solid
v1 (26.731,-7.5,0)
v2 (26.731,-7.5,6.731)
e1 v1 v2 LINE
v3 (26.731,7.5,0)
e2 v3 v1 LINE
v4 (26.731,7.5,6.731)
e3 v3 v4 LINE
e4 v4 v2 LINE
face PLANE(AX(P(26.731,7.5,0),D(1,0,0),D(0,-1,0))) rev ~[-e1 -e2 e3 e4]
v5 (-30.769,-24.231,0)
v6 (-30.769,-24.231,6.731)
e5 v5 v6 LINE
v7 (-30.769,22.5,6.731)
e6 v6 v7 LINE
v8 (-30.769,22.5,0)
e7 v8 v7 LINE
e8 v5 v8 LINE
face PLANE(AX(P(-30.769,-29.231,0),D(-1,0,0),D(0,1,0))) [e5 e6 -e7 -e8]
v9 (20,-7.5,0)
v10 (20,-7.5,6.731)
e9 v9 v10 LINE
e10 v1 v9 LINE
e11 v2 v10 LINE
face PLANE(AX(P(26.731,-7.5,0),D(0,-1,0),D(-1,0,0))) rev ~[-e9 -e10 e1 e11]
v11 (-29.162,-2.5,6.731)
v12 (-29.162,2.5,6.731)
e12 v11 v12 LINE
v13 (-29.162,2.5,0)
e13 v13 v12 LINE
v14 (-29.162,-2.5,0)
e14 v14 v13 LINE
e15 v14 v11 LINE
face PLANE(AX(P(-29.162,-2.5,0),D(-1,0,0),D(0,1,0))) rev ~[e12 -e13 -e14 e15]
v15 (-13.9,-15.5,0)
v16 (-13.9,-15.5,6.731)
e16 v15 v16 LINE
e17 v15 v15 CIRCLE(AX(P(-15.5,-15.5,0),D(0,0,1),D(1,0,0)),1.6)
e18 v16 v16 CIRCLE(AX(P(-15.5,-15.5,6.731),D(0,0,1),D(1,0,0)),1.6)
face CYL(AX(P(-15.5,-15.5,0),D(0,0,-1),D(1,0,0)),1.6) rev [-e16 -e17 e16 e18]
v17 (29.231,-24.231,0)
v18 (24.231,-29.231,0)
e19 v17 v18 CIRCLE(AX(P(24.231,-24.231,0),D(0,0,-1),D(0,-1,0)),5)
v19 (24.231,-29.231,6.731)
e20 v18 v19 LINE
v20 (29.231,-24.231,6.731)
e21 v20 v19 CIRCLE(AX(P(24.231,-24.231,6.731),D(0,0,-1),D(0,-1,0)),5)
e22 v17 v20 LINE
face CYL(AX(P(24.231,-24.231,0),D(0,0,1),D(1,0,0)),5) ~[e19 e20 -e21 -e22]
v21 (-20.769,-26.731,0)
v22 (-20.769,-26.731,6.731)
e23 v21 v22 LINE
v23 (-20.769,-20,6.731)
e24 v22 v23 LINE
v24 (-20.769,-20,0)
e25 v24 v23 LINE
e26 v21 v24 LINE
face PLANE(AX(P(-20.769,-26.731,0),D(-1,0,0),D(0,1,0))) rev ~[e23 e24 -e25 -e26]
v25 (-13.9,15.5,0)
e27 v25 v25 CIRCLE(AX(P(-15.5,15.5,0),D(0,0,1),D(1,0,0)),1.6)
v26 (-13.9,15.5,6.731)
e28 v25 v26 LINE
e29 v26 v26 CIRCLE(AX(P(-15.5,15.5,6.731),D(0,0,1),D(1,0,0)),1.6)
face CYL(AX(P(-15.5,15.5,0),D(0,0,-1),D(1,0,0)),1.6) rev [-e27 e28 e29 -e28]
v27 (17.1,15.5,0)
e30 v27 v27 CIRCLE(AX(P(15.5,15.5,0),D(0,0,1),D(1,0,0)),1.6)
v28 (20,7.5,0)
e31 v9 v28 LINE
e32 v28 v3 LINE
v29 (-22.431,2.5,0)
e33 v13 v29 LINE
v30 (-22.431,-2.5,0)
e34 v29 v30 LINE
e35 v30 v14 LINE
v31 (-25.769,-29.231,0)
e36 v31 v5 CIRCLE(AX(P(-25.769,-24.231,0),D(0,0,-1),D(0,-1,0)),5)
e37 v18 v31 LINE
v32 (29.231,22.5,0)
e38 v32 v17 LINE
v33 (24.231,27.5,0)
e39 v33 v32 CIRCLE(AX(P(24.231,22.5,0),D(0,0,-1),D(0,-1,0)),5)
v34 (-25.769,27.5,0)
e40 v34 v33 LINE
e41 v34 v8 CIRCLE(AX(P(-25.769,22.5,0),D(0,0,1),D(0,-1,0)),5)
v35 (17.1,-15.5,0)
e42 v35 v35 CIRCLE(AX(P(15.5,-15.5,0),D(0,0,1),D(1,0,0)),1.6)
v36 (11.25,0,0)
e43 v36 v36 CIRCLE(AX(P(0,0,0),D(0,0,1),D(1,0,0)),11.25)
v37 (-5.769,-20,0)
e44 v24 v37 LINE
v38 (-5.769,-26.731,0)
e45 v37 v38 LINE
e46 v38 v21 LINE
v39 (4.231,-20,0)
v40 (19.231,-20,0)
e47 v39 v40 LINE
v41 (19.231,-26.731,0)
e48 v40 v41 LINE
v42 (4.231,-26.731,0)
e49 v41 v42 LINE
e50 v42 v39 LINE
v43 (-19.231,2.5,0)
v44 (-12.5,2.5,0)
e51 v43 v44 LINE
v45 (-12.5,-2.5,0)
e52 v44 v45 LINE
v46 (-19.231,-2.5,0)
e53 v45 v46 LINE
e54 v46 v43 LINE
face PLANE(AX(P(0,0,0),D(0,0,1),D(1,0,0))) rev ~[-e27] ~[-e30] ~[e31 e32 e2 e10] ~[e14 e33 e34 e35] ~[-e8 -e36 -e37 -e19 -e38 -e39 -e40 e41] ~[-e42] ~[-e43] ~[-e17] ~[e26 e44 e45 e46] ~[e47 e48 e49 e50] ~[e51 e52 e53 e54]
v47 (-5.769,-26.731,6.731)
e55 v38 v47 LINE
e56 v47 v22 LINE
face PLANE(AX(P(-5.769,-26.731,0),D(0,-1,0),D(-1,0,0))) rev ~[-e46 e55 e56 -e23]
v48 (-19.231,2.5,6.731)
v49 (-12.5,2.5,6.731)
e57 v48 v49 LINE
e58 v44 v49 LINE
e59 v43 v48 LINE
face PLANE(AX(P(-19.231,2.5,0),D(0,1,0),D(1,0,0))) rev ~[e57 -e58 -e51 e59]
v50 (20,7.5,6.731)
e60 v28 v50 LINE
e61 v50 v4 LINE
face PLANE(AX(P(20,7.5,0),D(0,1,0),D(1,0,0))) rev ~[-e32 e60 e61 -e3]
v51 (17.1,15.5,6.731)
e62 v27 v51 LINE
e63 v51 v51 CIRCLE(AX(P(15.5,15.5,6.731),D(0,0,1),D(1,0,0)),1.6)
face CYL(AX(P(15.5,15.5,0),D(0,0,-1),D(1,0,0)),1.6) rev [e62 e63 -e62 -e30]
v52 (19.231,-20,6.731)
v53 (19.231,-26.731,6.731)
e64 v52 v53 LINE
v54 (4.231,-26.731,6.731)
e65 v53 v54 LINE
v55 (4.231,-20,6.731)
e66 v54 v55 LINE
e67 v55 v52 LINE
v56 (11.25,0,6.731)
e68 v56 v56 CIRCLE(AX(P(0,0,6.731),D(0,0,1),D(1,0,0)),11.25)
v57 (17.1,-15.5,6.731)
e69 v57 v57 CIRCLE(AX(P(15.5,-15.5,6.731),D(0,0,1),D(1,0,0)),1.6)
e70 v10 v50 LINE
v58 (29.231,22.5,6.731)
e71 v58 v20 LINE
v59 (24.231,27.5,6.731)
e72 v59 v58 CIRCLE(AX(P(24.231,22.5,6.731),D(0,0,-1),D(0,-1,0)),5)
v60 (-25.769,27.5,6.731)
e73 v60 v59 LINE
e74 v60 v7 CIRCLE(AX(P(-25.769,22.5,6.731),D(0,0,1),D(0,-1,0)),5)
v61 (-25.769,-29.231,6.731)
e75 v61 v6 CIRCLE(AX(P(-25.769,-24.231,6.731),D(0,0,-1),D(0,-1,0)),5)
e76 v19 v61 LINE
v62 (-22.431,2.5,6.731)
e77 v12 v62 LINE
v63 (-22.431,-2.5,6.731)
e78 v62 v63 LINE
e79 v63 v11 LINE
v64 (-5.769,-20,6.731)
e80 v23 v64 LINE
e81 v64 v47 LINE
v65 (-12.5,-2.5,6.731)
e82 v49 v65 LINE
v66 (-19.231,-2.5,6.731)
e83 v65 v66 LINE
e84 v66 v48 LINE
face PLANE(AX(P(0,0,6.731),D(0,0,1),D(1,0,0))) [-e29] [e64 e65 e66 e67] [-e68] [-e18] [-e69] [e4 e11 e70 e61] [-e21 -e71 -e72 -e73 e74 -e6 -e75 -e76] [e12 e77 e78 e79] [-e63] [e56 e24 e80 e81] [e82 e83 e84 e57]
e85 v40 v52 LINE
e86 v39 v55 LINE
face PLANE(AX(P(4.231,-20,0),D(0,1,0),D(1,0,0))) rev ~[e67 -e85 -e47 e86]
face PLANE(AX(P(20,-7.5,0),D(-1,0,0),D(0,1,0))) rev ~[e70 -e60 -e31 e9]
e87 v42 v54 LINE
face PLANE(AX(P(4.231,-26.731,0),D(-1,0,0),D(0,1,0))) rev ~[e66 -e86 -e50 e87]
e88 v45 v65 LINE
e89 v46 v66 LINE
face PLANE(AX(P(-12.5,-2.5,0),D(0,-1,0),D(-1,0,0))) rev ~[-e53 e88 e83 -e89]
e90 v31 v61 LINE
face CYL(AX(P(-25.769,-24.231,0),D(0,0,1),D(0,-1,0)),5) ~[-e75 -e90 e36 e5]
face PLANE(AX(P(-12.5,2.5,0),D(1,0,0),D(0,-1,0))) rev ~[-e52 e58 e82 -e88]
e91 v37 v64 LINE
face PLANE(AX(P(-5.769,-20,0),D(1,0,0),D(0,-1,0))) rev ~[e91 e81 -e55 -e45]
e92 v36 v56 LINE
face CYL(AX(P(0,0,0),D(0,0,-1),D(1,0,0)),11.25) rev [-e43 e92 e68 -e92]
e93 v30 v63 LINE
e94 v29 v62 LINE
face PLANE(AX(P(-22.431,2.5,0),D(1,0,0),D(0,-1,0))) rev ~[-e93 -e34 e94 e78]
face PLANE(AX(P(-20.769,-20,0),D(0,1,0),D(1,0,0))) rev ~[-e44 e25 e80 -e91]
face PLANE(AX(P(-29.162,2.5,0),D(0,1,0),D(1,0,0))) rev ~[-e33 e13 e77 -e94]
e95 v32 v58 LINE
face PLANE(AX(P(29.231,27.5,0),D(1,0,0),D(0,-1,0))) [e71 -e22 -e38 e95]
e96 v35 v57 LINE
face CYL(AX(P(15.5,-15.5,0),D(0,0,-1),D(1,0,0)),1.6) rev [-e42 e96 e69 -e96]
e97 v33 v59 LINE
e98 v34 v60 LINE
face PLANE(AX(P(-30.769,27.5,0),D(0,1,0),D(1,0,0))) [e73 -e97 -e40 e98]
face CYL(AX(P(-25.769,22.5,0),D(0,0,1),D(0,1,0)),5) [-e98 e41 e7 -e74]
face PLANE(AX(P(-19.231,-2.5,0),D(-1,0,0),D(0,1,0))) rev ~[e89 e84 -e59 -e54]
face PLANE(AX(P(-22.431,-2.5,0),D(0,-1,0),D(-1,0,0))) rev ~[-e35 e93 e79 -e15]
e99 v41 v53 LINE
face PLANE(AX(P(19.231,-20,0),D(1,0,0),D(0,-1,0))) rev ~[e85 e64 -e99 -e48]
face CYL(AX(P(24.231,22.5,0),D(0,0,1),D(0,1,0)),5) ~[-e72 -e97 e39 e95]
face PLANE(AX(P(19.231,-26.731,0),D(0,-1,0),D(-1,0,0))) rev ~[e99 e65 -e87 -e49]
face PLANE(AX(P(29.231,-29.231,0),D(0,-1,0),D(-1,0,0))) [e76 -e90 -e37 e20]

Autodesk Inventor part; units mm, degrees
ref_plane "YZ Plane" through (0, 0, 0) normal (1, 0, 0) x (0, 1, 0)
ref_plane "XZ Plane" through (0, 0, 0) normal (0, 1, 0) x (-1, 0, 0)
ref_plane "XY Plane" through (0, 0, 0) normal (0, 0, 1) x (1, 0, 0)
sketch "Sketch1" plane through (0, 0, 0) normal (0, 0, 1) x (1, 0, 0)
  circle A0 centre (0, 0) radius 11.25
  circle A1 centre (-15.5, 15.5) radius 1.6
  circle A2 centre (15.5, 15.5) radius 1.6
  circle A3 centre (15.5, -15.5) radius 1.6
  circle A4 centre (-15.5, -15.5) radius 1.6
  line L0 (-19.231, 2.5) -> (-12.5, 2.5)
  line L1 (-12.5, 2.5) -> (-12.5, -2.5)
  line L2 (-12.5, -2.5) -> (-19.231, -2.5)
  line L3 (-19.231, -2.5) -> (-19.231, 2.5)
  line L4 (20, 7.5) -> (26.731, 7.5)
  line L5 (26.731, 7.5) -> (26.731, -7.5)
  line L6 (26.731, -7.5) -> (20, -7.5)
  line L7 (20, -7.5) -> (20, 7.5)
  line L8 (-30.769, 27.5) -> (29.231, 27.5)
  line L9 (29.231, 27.5) -> (29.231, -29.231)
  line L10 (29.231, -29.231) -> (-30.769, -29.231)
  line L11 (-30.769, -29.231) -> (-30.769, 27.5)
  line L12 (4.231, -20) -> (19.231, -20)
  line L13 (19.231, -20) -> (19.231, -26.731)
  line L14 (19.231, -26.731) -> (4.231, -26.731)
  line L15 (4.231, -26.731) -> (4.231, -20)
  line L16 (-29.162, 2.5) -> (-22.431, 2.5)
  line L17 (-22.431, 2.5) -> (-22.431, -2.5)
  line L18 (-22.431, -2.5) -> (-29.162, -2.5)
  line L19 (-29.162, -2.5) -> (-29.162, 2.5)
  line L20 (-20.769, -20) -> (-5.769, -20)
  line L21 (-5.769, -20) -> (-5.769, -26.731)
  line L22 (-5.769, -26.731) -> (-20.769, -26.731)
  line L23 (-20.769, -26.731) -> (-20.769, -20)
  point P0 (-12.5, 0)
  point P1 (20, 0)
  dimension "d0" = 22.5
  dimension "d1" = 3.2
  dimension "d2" = 31
  dimension "d3" = 31
  dimension "d4" = 15.5
  dimension "d5" = 15.5
  dimension "d6" = 32.5
  dimension "d7" = 20
  dimension "d8" = 5
  dimension "d9" = 6.731
  dimension "d13" = 20
  dimension "d17" = 2.5
  dimension "d18" = 20
  dimension "d19" = 2.5
  dimension "d20" = 3.2
  dimension "d25" = 15
  dimension "d26" = 10
  dimension "d28" = 60
  dimension "d29" = 10
extrude "Extrusion2" add sketch "Sketch1" along normal blind 6.731
fillet "Fillet2" radius 5 4 edges at (29.231, 27.5, 3.3655) (29.231, -29.231, 3.3655) (-30.769, -29.231, 3.3655) (-30.769, 27.5, 3.3655)
equation "\"d3\" = d2"
equation "\"d4\" = 0.5 * d2"
equation "\"d5\" = d4"
equation "\"d9\" = THICKB"
equation "\"d13\" = d7"
equation "\"d29\" = d26"
equation "\"d22\" = THICKB"
equation "\"THICKA\" = 3.175"
equation "\"THICKB\" = 6.731"
equation "\"THICKC\" = 12.7"
equation "\"BALLDIA\" = 12"
equation "\"MAGDIA\" = 9.5"
properties part number "Air2D_Side_Motor"
